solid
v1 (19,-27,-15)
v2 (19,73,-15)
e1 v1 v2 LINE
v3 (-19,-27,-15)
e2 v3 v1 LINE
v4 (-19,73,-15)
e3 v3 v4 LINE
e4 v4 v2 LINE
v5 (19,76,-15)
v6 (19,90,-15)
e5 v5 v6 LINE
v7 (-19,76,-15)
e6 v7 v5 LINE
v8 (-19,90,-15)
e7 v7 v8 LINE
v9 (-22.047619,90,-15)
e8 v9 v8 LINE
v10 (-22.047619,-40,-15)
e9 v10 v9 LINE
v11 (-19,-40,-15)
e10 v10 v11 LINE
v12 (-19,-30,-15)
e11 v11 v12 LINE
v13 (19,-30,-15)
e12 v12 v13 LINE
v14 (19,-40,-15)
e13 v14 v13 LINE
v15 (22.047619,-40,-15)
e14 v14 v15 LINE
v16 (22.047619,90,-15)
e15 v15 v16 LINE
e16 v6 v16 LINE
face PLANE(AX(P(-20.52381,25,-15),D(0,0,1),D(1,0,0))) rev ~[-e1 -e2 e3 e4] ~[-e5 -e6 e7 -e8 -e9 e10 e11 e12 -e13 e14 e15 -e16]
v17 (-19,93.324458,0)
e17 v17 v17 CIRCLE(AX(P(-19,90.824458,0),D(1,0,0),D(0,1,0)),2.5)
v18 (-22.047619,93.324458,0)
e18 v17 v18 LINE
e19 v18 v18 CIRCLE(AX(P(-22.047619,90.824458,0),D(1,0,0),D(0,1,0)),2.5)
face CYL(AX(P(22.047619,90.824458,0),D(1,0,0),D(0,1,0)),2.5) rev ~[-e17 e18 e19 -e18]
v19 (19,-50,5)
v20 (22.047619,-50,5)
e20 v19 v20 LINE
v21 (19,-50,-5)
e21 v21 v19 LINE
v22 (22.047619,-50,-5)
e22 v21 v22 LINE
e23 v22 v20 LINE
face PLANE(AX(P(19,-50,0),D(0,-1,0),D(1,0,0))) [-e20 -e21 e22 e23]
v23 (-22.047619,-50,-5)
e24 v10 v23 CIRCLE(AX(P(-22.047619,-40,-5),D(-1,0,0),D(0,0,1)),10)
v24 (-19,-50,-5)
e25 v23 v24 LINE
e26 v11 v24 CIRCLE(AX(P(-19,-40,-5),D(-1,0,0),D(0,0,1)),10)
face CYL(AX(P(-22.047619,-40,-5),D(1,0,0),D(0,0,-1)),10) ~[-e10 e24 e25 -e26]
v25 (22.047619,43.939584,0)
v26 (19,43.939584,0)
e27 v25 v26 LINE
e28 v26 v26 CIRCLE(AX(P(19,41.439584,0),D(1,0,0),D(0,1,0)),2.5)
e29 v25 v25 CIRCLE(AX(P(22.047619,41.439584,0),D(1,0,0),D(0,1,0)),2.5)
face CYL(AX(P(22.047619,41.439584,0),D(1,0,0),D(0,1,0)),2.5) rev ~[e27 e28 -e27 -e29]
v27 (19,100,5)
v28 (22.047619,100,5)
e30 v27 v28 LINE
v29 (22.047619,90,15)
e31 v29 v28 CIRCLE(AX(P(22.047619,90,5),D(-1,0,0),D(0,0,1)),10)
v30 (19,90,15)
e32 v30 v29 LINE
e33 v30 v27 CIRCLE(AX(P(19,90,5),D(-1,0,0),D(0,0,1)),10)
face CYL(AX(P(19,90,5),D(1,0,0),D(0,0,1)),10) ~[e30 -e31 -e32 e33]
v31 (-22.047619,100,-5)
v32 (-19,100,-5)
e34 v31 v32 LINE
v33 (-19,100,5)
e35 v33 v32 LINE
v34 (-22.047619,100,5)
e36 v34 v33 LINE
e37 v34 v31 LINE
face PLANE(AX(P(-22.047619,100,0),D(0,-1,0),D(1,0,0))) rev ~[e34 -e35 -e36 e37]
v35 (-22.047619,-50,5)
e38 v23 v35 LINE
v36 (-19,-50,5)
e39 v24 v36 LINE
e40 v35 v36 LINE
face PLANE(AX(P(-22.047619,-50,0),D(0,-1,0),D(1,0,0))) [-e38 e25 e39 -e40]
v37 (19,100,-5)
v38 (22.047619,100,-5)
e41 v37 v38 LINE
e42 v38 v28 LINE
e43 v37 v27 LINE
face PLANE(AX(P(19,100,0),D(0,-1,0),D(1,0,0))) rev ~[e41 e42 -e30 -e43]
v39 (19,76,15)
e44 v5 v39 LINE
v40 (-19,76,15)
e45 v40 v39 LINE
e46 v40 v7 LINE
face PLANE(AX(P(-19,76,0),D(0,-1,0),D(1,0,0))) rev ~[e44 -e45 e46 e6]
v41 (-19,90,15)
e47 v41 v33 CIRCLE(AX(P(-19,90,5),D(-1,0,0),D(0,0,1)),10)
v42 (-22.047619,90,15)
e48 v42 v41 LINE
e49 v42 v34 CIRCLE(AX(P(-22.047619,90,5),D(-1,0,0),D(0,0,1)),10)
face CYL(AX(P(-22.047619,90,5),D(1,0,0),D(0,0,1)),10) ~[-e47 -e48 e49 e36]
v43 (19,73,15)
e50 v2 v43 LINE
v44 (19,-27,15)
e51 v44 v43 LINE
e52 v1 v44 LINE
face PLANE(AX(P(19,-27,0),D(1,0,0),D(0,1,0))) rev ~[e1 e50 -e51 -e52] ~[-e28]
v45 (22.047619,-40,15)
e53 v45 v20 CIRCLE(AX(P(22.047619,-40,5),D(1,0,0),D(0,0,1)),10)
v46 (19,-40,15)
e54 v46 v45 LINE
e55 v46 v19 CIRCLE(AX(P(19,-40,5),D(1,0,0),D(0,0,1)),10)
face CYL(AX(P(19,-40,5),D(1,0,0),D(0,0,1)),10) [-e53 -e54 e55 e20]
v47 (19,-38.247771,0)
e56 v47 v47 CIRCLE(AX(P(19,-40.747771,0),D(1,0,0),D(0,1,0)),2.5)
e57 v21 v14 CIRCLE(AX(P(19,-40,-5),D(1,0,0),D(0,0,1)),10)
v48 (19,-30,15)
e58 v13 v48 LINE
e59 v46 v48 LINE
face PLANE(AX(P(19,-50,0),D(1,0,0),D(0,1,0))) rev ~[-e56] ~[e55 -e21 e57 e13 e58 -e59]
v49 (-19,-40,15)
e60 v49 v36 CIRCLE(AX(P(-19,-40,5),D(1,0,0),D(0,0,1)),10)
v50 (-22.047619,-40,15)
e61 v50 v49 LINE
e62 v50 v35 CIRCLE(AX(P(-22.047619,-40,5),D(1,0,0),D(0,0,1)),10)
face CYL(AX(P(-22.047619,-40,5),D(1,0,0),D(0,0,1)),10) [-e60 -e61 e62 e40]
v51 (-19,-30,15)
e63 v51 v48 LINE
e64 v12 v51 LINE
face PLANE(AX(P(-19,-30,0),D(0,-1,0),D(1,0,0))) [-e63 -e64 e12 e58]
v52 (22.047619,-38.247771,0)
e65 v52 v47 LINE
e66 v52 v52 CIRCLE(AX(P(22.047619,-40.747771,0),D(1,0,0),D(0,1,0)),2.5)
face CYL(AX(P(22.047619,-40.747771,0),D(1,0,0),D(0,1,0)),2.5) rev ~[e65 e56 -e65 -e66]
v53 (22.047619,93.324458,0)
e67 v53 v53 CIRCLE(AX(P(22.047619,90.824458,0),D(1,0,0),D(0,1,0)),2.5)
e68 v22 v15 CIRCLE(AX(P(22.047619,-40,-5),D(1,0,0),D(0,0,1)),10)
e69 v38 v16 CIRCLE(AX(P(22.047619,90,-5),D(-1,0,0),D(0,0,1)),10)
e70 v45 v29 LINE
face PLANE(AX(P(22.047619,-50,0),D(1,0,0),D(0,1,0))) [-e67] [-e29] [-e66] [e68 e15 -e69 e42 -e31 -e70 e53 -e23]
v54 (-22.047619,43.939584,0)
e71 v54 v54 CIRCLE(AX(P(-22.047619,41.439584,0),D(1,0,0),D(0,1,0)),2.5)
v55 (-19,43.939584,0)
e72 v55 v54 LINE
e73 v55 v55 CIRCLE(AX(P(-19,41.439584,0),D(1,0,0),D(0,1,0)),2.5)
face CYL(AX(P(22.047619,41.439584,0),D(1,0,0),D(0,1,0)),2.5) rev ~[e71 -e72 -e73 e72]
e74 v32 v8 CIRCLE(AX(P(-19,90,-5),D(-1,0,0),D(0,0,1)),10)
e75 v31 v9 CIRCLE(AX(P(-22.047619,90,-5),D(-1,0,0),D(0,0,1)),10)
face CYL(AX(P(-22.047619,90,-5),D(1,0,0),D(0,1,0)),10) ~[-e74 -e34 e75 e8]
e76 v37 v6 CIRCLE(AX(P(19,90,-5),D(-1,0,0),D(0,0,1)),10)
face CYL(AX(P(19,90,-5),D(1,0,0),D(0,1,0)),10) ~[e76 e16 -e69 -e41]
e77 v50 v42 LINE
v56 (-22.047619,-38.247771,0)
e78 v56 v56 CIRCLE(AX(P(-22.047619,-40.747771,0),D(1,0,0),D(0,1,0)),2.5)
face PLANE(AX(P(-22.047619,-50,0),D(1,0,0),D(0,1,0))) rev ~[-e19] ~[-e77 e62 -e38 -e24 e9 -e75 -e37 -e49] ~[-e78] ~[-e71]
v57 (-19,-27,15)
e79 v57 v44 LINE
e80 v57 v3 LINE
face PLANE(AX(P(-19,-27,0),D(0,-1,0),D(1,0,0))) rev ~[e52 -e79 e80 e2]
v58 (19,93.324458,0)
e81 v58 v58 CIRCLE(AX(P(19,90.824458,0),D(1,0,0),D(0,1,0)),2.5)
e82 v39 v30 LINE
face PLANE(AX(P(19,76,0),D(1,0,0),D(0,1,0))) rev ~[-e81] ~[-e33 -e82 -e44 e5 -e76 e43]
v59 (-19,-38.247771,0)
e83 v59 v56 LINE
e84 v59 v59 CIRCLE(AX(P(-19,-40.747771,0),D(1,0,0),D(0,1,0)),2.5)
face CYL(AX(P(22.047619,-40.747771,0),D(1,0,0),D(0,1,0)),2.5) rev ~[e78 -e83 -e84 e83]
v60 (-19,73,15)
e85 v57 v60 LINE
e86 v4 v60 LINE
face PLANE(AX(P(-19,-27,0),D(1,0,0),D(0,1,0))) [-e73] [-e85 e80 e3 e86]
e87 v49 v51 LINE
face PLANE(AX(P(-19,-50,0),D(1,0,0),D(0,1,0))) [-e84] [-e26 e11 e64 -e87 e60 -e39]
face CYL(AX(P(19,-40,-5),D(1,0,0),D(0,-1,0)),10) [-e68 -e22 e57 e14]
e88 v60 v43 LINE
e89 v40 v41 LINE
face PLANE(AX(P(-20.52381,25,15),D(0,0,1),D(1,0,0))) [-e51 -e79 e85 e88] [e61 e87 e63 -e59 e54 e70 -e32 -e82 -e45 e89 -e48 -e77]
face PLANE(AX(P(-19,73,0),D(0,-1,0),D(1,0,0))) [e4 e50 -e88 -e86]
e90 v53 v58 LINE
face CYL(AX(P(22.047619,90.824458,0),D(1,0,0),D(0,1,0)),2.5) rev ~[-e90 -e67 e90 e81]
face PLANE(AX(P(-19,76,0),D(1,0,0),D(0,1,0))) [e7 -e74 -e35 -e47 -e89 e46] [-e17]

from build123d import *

# Parameters (mm, degrees)
SKETCH1_W           = 3.047619048
SKETCH1_H           = 150
SKETCH1_W_2         = 38
SKETCH1_H_2         = 3
BOSS_EXTRUDE1_DEPTH = 15
FILLET1_R           = 10
SKETCH2_R           = 2.5
CUT_EXTRUDE1_DEPTH  = 61
SKETCH3_R           = 2.5
CUT_EXTRUDE2_DEPTH  = 55


with BuildPart() as part:
    # Sketch1 → Boss-Extrude1 (new, symmetric)
    with BuildSketch(Plane.XY):
        with Locations((-20.523809524, 25)):
            Rectangle(SKETCH1_W, SKETCH1_H)
        with Locations((20.523809524, 25)):
            Rectangle(SKETCH1_W, SKETCH1_H)
        with Locations((0, 74.5)):
            Rectangle(SKETCH1_W_2, SKETCH1_H_2)
        with Locations((0, -28.5)):
            Rectangle(SKETCH1_W_2, SKETCH1_H_2)
    extrude(amount=BOSS_EXTRUDE1_DEPTH, both=True)

    # Fillet1
    fillet1_edges = [part.edges().sort_by_distance(p)[0] for p in [
        (-20.523809524, -50, -15),
        (20.523809524, -50, -15),
        (20.523809524, -50, 15),
        (-20.523809524, -50, 15),
        (-20.523809524, 100, 15),
        (-20.523809524, 100, -15),
        (20.523809524, 100, -15),
        (20.523809524, 100, 15),
    ]]
    fillet(fillet1_edges, radius=FILLET1_R)

    # Sketch2 → Cut-Extrude1 (cut)
    with BuildSketch(Plane(origin=(22.047619048, 0, 0), x_dir=(0, 0, -1), z_dir=(1, 0, 0))):
        with Locations(Location((0, 41.439583657, 0), (0, 0, 90))):
            Circle(SKETCH2_R)
        with Locations(Location((0, -40.747770908, 0), (0, 0, 90))):
            Circle(SKETCH2_R)
    extrude(amount=-CUT_EXTRUDE1_DEPTH, mode=Mode.SUBTRACT)

    # Sketch3 → Cut-Extrude2 (cut)
    with BuildSketch(Plane(origin=(22.047619048, 0, 0), x_dir=(0, 0, -1), z_dir=(1, 0, 0))):
        with Locations(Location((0, 90.824457964, 0), (0, 0, 90))):
            Circle(SKETCH3_R)
    extrude(amount=-CUT_EXTRUDE2_DEPTH, mode=Mode.SUBTRACT)


solid = part.part
